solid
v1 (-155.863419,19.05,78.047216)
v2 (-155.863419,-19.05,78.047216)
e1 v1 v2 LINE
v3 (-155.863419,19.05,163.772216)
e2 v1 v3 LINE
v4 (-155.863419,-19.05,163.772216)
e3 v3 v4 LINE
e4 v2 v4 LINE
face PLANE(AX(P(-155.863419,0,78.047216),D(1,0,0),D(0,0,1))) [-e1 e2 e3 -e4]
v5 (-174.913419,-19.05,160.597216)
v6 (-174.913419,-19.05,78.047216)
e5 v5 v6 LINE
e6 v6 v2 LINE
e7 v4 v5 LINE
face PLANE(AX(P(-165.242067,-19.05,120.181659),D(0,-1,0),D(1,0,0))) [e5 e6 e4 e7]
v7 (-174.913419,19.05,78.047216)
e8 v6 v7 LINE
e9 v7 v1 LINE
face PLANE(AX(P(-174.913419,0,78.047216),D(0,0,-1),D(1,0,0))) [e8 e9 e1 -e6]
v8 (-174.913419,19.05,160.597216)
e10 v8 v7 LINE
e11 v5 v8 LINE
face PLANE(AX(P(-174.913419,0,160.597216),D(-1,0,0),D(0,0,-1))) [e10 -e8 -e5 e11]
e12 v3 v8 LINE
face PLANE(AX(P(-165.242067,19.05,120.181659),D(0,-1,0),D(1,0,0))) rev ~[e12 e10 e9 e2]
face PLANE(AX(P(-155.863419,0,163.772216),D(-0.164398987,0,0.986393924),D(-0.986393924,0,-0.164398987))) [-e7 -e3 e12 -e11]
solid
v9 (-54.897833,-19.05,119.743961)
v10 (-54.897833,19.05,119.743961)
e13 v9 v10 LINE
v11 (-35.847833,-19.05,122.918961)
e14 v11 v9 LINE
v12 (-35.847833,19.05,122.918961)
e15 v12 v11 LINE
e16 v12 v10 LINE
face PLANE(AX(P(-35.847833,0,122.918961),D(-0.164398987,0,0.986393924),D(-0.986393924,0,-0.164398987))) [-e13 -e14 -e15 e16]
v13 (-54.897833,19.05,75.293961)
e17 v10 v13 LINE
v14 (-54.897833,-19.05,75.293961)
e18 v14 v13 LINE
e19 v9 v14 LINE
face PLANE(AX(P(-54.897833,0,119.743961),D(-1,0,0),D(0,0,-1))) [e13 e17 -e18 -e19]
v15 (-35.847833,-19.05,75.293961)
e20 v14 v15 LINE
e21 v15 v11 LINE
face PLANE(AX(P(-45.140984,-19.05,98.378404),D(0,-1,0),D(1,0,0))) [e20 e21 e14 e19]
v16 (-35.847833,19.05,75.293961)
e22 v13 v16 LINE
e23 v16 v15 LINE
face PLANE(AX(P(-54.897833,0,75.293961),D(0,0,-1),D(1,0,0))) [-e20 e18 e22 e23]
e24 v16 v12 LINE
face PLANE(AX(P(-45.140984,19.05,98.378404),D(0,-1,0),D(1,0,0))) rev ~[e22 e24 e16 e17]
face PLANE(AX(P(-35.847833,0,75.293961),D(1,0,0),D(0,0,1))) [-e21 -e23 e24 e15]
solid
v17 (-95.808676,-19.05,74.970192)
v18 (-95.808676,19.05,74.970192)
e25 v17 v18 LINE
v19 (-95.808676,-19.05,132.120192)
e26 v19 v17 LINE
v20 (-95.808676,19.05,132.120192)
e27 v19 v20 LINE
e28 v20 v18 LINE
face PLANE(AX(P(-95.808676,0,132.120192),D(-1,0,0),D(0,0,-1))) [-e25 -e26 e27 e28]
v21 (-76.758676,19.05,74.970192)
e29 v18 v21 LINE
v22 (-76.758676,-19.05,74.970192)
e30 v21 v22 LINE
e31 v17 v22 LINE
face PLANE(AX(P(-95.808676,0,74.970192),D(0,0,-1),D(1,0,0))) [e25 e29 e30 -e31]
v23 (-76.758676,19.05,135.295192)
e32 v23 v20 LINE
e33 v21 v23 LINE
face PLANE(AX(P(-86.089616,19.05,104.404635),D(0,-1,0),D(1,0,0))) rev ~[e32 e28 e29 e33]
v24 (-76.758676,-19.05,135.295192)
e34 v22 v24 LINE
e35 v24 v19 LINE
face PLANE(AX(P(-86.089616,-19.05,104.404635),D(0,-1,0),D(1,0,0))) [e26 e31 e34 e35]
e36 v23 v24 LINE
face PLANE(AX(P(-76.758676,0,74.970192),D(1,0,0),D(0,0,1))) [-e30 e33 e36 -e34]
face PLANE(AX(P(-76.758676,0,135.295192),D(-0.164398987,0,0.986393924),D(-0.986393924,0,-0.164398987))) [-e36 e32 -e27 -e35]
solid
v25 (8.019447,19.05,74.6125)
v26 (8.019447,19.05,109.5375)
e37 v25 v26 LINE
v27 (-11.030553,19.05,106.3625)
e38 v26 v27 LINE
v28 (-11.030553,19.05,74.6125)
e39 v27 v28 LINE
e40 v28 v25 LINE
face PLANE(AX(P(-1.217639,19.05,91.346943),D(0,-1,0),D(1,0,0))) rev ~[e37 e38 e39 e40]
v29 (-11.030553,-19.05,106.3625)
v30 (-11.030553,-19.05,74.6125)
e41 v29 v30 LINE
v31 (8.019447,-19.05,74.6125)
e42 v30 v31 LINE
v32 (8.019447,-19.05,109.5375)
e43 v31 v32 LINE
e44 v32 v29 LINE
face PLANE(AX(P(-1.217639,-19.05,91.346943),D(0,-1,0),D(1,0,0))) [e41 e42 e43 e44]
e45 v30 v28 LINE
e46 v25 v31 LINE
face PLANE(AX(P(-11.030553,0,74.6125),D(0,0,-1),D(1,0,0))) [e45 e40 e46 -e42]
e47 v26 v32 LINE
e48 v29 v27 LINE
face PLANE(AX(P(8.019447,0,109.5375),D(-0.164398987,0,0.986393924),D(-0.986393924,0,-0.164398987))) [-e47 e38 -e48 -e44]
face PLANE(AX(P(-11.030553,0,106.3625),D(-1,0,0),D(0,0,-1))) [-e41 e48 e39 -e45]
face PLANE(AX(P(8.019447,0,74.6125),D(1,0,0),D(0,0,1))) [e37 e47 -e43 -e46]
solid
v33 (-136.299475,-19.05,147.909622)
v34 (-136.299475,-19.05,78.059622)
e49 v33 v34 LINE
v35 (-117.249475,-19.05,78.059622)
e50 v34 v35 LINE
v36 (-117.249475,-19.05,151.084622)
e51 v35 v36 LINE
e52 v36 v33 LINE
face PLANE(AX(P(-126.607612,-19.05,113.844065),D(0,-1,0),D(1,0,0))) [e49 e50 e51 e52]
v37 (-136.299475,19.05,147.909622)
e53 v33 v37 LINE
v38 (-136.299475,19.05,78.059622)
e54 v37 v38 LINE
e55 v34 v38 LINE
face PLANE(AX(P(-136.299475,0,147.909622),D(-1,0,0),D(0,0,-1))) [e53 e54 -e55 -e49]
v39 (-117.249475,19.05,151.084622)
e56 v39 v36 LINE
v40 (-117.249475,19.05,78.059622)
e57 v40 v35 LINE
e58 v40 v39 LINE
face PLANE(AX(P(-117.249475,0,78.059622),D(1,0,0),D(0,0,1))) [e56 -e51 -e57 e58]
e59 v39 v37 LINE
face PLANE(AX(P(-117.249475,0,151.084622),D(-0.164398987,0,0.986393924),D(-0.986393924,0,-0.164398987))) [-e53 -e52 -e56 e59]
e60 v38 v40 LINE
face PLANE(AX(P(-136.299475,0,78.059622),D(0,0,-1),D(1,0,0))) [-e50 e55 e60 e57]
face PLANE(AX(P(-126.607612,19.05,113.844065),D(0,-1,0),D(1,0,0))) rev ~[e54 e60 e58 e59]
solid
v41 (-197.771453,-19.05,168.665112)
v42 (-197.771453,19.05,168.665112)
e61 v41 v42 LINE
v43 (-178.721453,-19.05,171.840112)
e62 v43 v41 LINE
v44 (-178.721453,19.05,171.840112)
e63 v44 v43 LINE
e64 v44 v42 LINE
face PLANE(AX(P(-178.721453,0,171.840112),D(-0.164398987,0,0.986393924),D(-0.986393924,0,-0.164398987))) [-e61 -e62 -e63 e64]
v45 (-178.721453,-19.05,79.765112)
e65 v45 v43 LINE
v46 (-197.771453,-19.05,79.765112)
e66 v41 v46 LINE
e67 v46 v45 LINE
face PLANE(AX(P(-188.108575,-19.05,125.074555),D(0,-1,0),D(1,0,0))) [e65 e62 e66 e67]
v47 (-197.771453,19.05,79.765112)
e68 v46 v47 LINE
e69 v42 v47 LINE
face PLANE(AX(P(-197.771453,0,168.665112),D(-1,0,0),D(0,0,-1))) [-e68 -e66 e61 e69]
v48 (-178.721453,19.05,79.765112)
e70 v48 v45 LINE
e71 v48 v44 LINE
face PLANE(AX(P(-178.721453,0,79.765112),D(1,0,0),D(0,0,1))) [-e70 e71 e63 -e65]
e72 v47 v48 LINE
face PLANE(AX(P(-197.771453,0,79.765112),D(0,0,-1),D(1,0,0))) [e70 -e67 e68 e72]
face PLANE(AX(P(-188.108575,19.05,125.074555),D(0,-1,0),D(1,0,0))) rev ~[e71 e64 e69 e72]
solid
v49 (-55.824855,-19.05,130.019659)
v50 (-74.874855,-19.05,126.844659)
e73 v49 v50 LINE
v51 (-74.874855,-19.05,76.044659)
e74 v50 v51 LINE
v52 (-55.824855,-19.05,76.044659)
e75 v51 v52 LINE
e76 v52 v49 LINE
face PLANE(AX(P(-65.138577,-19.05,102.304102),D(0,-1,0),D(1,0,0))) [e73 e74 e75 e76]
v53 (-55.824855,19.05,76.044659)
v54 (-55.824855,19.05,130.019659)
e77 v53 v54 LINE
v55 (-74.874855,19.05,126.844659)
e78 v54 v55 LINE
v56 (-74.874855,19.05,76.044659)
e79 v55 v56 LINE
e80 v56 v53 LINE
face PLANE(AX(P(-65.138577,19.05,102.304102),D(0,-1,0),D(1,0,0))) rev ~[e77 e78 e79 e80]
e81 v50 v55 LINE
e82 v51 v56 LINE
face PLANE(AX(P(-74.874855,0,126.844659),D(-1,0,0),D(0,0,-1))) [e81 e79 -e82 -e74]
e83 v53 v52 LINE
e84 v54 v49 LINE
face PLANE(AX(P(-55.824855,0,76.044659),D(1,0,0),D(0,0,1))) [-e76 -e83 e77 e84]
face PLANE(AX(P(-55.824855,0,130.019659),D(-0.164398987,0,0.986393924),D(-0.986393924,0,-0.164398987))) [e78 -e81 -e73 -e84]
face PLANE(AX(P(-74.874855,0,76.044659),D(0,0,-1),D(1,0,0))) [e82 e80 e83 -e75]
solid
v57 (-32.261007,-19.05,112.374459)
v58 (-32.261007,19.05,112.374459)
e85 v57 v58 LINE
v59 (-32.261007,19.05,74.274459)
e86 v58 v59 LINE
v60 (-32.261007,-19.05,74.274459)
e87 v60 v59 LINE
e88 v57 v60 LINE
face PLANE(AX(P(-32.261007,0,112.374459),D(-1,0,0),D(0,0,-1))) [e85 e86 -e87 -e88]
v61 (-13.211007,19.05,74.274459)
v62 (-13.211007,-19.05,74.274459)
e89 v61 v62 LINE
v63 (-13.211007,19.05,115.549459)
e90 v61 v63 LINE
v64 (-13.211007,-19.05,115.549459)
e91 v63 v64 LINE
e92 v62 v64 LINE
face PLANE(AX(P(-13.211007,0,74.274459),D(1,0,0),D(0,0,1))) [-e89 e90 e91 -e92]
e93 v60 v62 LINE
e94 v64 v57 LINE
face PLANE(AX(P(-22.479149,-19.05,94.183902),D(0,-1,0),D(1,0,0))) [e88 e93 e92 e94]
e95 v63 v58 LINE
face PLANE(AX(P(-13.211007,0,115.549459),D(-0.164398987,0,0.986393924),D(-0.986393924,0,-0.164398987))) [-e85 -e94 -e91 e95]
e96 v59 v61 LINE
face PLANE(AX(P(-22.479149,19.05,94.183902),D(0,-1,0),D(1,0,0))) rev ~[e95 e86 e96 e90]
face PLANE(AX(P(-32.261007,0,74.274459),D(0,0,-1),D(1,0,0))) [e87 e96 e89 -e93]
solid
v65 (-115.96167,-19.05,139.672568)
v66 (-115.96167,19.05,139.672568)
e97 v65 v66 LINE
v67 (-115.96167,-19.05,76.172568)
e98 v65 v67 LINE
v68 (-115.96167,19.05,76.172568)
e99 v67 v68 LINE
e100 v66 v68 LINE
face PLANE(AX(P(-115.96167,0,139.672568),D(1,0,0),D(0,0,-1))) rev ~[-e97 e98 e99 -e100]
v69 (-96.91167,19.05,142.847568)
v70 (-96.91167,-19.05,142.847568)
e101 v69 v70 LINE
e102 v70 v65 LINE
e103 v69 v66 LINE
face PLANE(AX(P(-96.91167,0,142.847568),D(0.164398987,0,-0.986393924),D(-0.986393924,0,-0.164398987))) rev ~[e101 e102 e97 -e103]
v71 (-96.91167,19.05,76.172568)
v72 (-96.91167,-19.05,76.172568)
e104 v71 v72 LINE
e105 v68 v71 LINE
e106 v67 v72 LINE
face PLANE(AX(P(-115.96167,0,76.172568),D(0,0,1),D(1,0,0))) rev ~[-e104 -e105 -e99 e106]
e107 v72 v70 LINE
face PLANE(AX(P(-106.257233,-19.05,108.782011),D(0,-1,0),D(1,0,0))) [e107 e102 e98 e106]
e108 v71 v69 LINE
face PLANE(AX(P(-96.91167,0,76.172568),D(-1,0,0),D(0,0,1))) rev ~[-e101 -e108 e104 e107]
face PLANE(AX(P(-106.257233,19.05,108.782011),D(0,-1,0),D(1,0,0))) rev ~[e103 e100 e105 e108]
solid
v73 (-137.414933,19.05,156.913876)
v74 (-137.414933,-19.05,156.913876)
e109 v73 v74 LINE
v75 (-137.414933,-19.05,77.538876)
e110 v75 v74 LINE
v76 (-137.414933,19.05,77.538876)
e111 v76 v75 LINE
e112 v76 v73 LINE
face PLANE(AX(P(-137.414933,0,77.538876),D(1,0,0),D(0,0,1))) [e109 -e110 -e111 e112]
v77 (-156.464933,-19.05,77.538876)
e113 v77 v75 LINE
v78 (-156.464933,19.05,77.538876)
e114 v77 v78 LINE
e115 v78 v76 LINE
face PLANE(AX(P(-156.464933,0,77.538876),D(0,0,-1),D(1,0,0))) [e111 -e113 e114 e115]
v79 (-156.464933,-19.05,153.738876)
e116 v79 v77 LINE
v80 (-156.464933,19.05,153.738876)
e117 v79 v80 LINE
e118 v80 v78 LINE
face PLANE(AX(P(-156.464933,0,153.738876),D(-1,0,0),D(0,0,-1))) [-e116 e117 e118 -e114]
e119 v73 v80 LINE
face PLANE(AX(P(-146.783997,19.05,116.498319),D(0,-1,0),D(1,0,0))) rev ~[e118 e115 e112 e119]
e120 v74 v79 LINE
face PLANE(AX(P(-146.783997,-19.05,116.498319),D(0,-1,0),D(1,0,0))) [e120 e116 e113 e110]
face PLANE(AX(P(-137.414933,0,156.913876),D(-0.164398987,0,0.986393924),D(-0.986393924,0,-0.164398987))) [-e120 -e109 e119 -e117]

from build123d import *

# Parameters (mm, degrees)
F10_DEPTH = 19.05
F11_DEPTH = 19.05
F12_DEPTH = 19.05
F13_DEPTH = 19.05
F14_DEPTH = 19.05
F15_DEPTH = 19.05
F16_DEPTH = 19.05
F17_DEPTH = 19.05
F18_DEPTH = 19.05


with BuildPart() as f10:
    # F0 (on Front) → F10 (new body, symmetric)
    with BuildSketch(Plane.XZ):
        Polygon((-11.030553, 74.6125), (8.019447, 74.6125), (8.019447, 109.5375), (-11.030553, 106.3625), align=None)
    extrude(amount=F10_DEPTH, both=True)


with BuildPart() as f11:
    # F6 (on Front) → F11 (new body, symmetric)
    with BuildSketch(Plane.XZ):
        Polygon((-32.261007, 74.274459), (-13.211007, 74.274459), (-13.211007, 115.549459), (-32.261007, 112.374459), align=None)
    extrude(amount=F11_DEPTH, both=True)


with BuildPart() as f12:
    # F1 (on Front) → F12 (new body, symmetric)
    with BuildSketch(Plane.XZ):
        Polygon((-54.897833, 75.293961), (-35.847833, 75.293961), (-35.847833, 122.918961), (-54.897833, 119.743961), align=None)
    extrude(amount=F12_DEPTH, both=True)


with BuildPart() as f13:
    # F7 (on face) → F13 (new body, symmetric)
    with BuildSketch(Plane.XZ):
        Polygon((-74.874855, 76.044659), (-55.824855, 76.044659), (-55.824855, 130.019659), (-74.874855, 126.844659), align=None)
    extrude(amount=F13_DEPTH, both=True)


with BuildPart() as f14:
    # F2 (on Front) → F14 (new body, symmetric)
    with BuildSketch(Plane.XZ):
        Polygon((-95.808676, 74.970192), (-76.758676, 74.970192), (-76.758676, 135.295192), (-95.808676, 132.120192), align=None)
    extrude(amount=F14_DEPTH, both=True)


with BuildPart() as f15:
    # F3 (on Front) + F4 (on Front) → F15 (new body, symmetric)
    with BuildSketch(Plane.XZ):
        Polygon((-115.96167, 76.172568), (-96.91167, 76.172568), (-96.91167, 142.847568), (-115.96167, 139.672568), align=None)
    with BuildSketch(Plane.XZ):
        Polygon((-136.299475, 78.059622), (-117.249475, 78.059622), (-117.249475, 151.084622), (-136.299475, 147.909622), align=None)
    extrude(amount=F15_DEPTH, both=True)


with BuildPart() as f16:
    # F5 (on Front) → F16 (new body, symmetric)
    with BuildSketch(Plane.XZ):
        Polygon((-156.464933, 77.538876), (-137.414933, 77.538876), (-137.414933, 156.913876), (-156.464933, 153.738876), align=None)
    extrude(amount=F16_DEPTH, both=True)


with BuildPart() as f17:
    # F8 (on Front) → F17 (new body, symmetric)
    with BuildSketch(Plane.XZ):
        Polygon((-174.913419, 78.047216), (-155.863419, 78.047216), (-155.863419, 163.772216), (-174.913419, 160.597216), align=None)
    extrude(amount=F17_DEPTH, both=True)


with BuildPart() as f18:
    # F9 (on Front) → F18 (new body, symmetric)
    with BuildSketch(Plane.XZ):
        Polygon((-197.771453, 79.765112), (-178.721453, 79.765112), (-178.721453, 171.840112), (-197.771453, 168.665112), align=None)
    extrude(amount=F18_DEPTH, both=True)


solid = Compound([f10.part, f11.part, f12.part, f13.part, f14.part, f15.part, f16.part, f17.part, f18.part])
